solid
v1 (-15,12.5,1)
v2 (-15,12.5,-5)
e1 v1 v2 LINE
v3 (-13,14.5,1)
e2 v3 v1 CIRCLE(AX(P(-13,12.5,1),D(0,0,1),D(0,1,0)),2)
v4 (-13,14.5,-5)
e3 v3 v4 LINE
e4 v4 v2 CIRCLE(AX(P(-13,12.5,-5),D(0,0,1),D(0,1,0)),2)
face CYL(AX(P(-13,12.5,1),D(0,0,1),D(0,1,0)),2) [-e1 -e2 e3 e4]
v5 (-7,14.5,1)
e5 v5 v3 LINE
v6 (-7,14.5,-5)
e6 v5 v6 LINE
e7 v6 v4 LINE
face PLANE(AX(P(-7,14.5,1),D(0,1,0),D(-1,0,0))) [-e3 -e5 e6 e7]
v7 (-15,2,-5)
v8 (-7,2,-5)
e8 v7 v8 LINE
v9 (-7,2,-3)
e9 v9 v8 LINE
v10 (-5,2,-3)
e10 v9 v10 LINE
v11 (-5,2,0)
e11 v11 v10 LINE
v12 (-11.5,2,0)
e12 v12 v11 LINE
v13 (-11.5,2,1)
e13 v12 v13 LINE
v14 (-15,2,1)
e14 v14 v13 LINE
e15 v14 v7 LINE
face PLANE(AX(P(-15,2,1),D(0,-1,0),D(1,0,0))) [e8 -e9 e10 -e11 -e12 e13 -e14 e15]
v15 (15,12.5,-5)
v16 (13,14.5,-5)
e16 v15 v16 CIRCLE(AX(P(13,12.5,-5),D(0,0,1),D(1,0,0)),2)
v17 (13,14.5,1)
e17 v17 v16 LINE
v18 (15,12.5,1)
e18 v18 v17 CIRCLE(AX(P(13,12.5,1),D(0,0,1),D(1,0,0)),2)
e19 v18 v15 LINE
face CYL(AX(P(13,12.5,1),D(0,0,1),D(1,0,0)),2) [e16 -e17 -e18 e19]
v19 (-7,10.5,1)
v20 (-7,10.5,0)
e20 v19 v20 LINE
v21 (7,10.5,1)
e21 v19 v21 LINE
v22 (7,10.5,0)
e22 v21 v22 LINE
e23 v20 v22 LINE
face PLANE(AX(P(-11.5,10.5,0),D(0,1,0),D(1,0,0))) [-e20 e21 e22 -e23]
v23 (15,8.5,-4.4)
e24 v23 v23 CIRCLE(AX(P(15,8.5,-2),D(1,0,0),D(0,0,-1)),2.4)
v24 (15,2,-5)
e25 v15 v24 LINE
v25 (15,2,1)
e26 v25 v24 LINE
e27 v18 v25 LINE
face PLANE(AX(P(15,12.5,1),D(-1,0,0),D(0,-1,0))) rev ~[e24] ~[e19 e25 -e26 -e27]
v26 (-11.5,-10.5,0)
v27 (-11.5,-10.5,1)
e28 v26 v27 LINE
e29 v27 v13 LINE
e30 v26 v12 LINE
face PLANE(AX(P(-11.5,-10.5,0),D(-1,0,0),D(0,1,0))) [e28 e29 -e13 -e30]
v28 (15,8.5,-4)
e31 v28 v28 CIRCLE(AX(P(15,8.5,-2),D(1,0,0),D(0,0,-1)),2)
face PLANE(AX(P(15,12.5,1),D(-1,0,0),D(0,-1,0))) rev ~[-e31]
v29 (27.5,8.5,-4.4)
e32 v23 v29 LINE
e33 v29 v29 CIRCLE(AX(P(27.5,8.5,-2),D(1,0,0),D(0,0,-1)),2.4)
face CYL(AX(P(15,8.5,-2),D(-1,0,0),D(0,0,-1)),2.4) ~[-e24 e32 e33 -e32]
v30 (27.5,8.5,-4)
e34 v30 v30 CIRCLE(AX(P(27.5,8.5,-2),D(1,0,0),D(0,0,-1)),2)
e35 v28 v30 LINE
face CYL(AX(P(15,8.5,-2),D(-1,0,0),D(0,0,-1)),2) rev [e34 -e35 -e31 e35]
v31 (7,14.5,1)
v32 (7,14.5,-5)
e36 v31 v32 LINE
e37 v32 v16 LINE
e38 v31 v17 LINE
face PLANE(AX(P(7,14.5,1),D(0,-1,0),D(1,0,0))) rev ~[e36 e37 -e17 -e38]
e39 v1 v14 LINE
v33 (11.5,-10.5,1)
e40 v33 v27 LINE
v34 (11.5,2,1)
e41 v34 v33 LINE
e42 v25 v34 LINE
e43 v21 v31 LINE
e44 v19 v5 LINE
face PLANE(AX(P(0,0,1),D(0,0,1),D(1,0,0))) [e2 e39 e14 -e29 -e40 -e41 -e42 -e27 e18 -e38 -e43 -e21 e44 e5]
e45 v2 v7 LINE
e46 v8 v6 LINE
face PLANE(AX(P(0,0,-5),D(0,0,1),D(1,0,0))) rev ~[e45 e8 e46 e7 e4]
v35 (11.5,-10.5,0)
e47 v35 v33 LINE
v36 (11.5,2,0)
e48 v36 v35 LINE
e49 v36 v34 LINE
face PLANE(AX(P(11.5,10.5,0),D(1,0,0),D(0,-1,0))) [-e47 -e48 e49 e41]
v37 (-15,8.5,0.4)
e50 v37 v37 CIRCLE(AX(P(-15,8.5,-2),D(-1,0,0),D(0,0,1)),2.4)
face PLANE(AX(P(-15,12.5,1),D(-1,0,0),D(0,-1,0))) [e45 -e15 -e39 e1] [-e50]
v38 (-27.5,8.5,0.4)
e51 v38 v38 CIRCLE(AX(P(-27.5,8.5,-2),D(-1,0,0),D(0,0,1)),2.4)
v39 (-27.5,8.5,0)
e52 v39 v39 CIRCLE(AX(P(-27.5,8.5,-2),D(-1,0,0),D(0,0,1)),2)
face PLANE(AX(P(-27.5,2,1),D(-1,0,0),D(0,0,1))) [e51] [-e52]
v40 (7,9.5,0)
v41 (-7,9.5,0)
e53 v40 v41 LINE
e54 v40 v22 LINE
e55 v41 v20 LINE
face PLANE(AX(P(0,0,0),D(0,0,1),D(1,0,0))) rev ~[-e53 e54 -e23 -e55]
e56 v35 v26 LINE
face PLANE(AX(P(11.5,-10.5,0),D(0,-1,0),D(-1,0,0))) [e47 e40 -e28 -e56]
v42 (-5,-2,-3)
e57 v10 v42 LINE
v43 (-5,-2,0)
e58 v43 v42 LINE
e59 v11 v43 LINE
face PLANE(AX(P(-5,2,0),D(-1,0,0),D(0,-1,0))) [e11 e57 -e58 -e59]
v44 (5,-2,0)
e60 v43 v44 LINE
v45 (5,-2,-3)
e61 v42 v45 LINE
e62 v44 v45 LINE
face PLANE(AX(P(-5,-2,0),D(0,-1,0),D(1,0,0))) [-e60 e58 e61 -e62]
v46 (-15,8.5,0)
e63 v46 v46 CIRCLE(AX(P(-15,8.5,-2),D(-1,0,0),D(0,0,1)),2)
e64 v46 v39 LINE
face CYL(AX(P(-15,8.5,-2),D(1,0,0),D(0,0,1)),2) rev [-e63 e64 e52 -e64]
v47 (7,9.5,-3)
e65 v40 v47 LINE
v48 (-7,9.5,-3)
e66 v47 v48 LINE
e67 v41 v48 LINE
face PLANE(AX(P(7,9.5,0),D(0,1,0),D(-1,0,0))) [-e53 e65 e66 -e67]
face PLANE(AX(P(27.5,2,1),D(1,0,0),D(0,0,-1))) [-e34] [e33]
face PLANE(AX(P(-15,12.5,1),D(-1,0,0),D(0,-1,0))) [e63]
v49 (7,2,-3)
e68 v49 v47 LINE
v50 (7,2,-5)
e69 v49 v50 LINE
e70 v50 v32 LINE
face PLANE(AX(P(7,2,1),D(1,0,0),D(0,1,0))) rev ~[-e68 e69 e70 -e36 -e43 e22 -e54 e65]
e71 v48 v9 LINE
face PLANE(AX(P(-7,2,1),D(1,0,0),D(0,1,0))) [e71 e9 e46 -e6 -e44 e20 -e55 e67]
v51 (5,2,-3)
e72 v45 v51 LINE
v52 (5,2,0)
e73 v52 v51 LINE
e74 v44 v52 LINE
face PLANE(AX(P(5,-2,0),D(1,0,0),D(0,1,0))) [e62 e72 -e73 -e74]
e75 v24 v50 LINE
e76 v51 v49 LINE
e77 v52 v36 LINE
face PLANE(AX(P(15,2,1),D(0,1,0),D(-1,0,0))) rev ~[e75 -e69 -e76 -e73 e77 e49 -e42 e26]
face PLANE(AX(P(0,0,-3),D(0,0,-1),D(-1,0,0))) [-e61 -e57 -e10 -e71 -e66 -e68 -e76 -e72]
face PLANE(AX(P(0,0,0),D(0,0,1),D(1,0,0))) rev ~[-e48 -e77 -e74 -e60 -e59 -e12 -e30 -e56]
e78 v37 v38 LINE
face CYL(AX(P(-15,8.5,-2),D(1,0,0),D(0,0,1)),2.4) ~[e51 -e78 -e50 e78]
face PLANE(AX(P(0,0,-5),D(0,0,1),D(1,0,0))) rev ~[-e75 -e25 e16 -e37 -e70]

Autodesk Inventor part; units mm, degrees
ref_plane "YZ Plane" through (0, 0, 0) normal (1, 0, 0) x (0, 1, 0)
ref_plane "XZ Plane" through (0, 0, 0) normal (0, 1, 0) x (-1, 0, 0)
ref_plane "XY Plane" through (0, 0, 0) normal (0, 0, 1) x (1, 0, 0)
sketch "Sketch2" plane through (0, 0, 0) normal (0, 0, 1) x (1, 0, 0)
  line L0 (11.5, -10.5) -> (-11.5, -10.5)
  line L1 (-11.5, -10.5) -> (-11.5, 10.5)
  line L2 (-11.5, 10.5) -> (11.5, 10.5)
  line L3 (11.5, 10.5) -> (11.5, -10.5)
  line L4 (11.5, -10.5) -> (-11.5, 10.5) construction
  line L5 (-11.5, -10.5) -> (11.5, 10.5) construction
  point P0 (0, 0)
  dimension "d0" = 23
  dimension "d1" = 21
extrude "Extrusion1" add sketch "Sketch2" along normal blind 1
sketch "Sketch3" plane through (0, 0, 1) normal (0, 0, 1) x (1, 0, 0)
  line L0 (-7, 14.5) -> (-13, 14.5)
  line L1 (-15, 12.5) -> (-15, 2)
  line L2 (-15, 2) -> (-7, 2)
  line L3 (-7, 2) -> (-7, 14.5)
  line L4 (7, 14.5) -> (13, 14.5)
  line L5 (15, 12.5) -> (15, 2)
  line L6 (15, 2) -> (7, 2)
  line L7 (7, 2) -> (7, 14.5)
  line L8 (-7, 14.5) -> (7, 14.5) construction
  line L9 (0, 14.5) -> (0, 0) construction
  arc A0 (-13, 14.5) -> (-15, 12.5) centre (-13, 12.5) ccw
  arc A1 (15, 12.5) -> (13, 14.5) centre (13, 12.5) ccw
  line L10 (11.5, -10.5) -> (-11.5, -10.5) projected
  dimension "d5" = 14
  dimension "d6" = 8
  dimension "d7" = 8
  dimension "d9" = 12.5
  dimension "d10" = 2
  dimension "d20" = 12.5
extrude "Extrusion2" add sketch "Sketch3" against normal blind 6
sketch "Sketch6" plane through (0, 0, 0) normal (0, 0, -1) x (-1, 0, 0)
  line L0 (-7, 9.5) -> (7, 9.5)
  line L1 (7, 9.5) -> (7, 2)
  line L2 (7, 2) -> (-7, 2)
  line L3 (-7, 2) -> (-7, 9.5)
  line L4 (-5, 2) -> (5, 2)
  line L5 (5, 2) -> (5, -2)
  line L6 (5, -2) -> (-5, -2)
  line L7 (-5, -2) -> (-5, 2)
  line L8 (-7, 10.5) -> (-7, 2) projected
  line L9 (7, 10.5) -> (-7, 10.5) projected
  point P0 (0, 0)
  dimension "d23" = 4
  dimension "d27" = 2
  dimension "d28" = 1
  dimension "d29" = 2
extrude "Extrusion5" add sketch "Sketch6" along normal blind 3
sketch "Sketch4" plane through (15, 2, 1) normal (1, 0, 0) x (0, 0, -1)
  line L0 (0, 10.5) -> (6, 10.5) projected
  line L1 (3, 10.5) -> (3, 2.5) construction
  circle A0 centre (3, 6.5) radius 2.4
  circle A1 centre (3, 6.5) radius 2
  point P0 (1, -2)
  point P1 (0, 8)
  dimension "d13" = 4.8
  dimension "d14" = 4
  dimension "d15" = 4
extrude "Extrusion3" add sketch "Sketch4" along normal blind 12.5
sketch "Sketch5" plane through (-15, 2, 1) normal (-1, 0, 0) x (0, 0, 1)
  circle A0 centre (-3, 6.5) radius 2.4 projected
  circle A1 centre (-3, 6.5) radius 2 projected
  point P0 (-1, -2)
extrude "Extrusion4" add sketch "Sketch5" along normal blind 12.5
properties part number "flowMeter"
